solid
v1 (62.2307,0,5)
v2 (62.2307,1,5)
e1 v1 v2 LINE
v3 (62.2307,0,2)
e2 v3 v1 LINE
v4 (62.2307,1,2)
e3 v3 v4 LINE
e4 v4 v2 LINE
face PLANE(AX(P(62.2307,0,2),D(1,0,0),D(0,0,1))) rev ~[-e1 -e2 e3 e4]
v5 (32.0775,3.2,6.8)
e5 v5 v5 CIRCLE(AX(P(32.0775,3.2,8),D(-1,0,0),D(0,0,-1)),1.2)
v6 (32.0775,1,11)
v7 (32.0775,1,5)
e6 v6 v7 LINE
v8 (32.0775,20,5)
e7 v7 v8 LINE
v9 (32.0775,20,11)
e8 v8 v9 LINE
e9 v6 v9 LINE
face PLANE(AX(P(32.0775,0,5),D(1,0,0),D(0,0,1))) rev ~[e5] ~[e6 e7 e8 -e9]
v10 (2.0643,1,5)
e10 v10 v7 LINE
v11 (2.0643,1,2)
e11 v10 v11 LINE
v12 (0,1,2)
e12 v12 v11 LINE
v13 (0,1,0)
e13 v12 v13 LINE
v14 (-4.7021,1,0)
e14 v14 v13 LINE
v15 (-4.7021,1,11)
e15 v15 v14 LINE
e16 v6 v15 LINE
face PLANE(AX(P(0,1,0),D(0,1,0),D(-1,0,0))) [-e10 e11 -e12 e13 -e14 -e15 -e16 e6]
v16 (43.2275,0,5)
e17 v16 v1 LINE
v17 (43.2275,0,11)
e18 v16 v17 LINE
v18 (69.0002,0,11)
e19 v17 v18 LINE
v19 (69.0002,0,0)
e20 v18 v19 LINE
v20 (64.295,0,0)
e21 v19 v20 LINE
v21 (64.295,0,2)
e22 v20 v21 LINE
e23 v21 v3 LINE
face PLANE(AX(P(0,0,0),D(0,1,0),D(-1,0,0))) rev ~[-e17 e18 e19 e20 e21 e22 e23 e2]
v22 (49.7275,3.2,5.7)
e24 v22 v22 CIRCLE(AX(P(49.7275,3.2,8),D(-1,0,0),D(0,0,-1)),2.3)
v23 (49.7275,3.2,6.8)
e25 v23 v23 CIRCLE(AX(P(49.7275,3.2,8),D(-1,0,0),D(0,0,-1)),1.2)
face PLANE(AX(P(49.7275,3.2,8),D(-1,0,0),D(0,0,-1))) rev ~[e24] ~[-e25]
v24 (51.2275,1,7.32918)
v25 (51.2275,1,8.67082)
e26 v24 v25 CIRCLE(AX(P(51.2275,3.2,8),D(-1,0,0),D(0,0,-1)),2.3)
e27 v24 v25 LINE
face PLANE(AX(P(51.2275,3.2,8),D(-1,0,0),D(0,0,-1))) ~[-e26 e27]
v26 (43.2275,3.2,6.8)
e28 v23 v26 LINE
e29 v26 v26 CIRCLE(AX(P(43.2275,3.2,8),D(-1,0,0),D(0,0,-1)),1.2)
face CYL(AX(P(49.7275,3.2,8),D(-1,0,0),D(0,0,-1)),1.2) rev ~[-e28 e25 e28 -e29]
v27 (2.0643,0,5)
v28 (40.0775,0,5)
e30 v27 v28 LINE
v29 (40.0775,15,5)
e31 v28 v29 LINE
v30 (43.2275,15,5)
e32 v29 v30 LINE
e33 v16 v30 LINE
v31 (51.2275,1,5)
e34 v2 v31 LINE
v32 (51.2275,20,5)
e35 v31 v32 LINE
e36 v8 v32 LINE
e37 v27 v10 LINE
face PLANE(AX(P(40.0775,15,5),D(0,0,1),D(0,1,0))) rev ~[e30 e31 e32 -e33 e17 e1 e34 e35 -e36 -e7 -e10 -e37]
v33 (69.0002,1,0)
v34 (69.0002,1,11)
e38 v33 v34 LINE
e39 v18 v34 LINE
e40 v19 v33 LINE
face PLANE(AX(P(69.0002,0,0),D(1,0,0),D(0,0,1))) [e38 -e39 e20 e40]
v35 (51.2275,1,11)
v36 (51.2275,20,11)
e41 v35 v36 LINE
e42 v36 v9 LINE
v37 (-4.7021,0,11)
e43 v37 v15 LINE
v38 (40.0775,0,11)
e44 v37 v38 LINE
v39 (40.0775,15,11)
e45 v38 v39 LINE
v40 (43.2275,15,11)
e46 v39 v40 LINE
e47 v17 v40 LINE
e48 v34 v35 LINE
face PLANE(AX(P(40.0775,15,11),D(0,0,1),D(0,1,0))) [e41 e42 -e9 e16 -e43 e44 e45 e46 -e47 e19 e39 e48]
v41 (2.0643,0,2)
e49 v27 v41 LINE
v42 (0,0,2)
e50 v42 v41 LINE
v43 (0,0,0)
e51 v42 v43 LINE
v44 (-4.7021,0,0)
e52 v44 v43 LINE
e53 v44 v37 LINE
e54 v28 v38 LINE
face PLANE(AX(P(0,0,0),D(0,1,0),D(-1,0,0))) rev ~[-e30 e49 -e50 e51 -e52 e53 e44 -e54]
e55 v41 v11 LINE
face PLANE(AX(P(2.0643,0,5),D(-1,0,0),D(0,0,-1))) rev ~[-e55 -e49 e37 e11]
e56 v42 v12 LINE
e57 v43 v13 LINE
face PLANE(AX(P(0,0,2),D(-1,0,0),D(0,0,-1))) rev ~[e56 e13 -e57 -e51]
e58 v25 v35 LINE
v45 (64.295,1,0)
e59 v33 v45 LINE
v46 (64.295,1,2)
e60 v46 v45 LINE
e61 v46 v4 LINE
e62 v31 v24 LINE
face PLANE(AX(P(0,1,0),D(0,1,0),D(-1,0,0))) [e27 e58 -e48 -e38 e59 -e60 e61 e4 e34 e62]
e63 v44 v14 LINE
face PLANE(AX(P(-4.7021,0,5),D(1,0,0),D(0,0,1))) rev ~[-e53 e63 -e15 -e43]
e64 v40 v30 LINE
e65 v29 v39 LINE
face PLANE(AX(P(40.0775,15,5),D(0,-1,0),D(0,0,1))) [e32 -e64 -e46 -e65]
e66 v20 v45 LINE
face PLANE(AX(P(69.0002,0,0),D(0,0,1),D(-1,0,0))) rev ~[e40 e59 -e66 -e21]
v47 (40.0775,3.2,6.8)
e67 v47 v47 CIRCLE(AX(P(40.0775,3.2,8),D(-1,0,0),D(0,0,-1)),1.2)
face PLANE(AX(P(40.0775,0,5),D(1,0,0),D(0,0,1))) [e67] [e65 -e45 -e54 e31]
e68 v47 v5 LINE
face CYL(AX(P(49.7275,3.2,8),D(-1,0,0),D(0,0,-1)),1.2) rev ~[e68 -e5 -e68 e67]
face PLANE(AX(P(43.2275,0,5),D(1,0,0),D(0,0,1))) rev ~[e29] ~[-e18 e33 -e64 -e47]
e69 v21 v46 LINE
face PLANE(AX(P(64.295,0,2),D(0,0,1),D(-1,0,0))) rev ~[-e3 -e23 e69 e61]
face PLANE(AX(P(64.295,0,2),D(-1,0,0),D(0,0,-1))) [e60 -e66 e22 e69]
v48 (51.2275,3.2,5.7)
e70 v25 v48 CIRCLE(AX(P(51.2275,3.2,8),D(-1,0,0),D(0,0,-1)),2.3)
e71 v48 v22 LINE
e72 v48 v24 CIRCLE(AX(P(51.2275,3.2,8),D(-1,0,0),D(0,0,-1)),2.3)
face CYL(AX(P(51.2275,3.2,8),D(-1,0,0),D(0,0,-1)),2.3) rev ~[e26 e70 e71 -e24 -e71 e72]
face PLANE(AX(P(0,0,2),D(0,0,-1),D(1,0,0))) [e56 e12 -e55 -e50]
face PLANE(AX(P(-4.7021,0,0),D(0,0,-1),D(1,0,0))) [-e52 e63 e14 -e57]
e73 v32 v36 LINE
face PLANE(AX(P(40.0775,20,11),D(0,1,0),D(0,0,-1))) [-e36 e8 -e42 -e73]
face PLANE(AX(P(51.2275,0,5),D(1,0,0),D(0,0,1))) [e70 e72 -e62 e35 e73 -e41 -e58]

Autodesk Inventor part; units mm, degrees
ref_plane "YZ Plane" through (0, 0, 0) normal (1, 0, 0) x (0, 1, 0)
ref_plane "XZ Plane" through (0, 0, 0) normal (0, 1, 0) x (-1, 0, 0)
ref_plane "XY Plane" through (0, 0, 0) normal (0, 0, 1) x (1, 0, 0)
sketch "Sketch1" plane through (0, 0, 0) normal (0, 1, 0) x (-1, 0, 0)
  line L0 (-62.1475, 5) -> (-62.1475, 11)
  line L1 (-62.1475, 11) -> (-2.0643, 11)
  line L2 (-2.0643, 5) -> (-2.0643, 11)
  line L3 (-2.0643, 11) -> (-62.1475, 11)
  line L4 (-2.0643, 5) -> (-62.1475, 5)
  line L5 (-4.3424, 5) -> (-59.9525, 5)
  line L6 (-62.1475, 11) -> (-2.0643, 11)
  line L7 (-43.2275, 5) -> (-43.2275, 11)
  line L8 (-40.0775, 5) -> (-40.0775, 11)
  line L9 (-62.2307, 5) -> (-2.0643, 5)
  line L10 (-32.0775, 5) -> (-32.0775, 11)
  line L11 (-51.2275, 5) -> (-51.2275, 11)
  point P0 (0, 0)
  dimension "d0" = 18.92
  dimension "d1" = 3.15
  dimension "d2" = 8
  dimension "d3" = 8
extrude "Extrusion1" add sketch "Sketch1" along normal blind 20 contours L1 L7 L4 L11 | L1 L10 L4 L8
sketch "Sketch2" plane through (0, 0, 0) normal (0, 1, 0) x (-1, 0, 0)
  line L0 (4.7021, 0) -> (4.7021, 5)
  line L1 (4.7021, 0) -> (4.7021, 11)
  line L2 (-32.0775, 11) -> (4.7021, 11)
  line L3 (4.7021, 11) -> (-32.0775, 11)
  line L4 (-32.0775, 11) -> (-32.0775, 5)
  line L5 (-4.3424, 5) -> (-2.0643, 5)
  line L6 (-32.0775, 5) -> (-2.0643, 5)
  line L7 (-2.0643, 5) -> (-2.0643, 2)
  line L8 (0, 2) -> (-2.0643, 2)
  line L9 (-2.0643, 2) -> (0, 2)
  line L10 (0, 2) -> (0, 0)
  line L11 (4.7021, 0) -> (0, 0)
  line L12 (0, 0) -> (4.7021, 0)
  line L13 (-51.2275, 5) -> (-51.2275, 11)
  line L14 (-51.2275, 5) -> (-51.2275, 11)
  line L15 (-69.0002, 11) -> (-51.2275, 11)
  line L16 (-51.2275, 11) -> (-69.0002, 11)
  line L17 (-69.0002, 0) -> (-69.0002, 5)
  line L18 (-69.0002, 11) -> (-69.0002, 0)
  line L19 (4.7021, 0) -> (0, 0)
  line L20 (-69.0002, 0) -> (-64.295, 0)
  line L21 (-64.295, 0) -> (-64.295, 1.7012)
  line L22 (0, 2) -> (-2.0643, 2)
  line L23 (-2.0643, 2) -> (-2.0643, 5)
  line L24 (-62.2307, 2) -> (-62.2307, 5)
  line L25 (-62.2307, 5) -> (-51.2275, 5)
  line L26 (-64.295, 2) -> (-62.2307, 2)
  line L27 (-64.295, 2) -> (-64.295, 1.7012)
  point P0 (-68.997, 0)
extrude "Extrusion2" add sketch "Sketch2" along normal blind 1
sketch "Sketch3" plane through (40.0775, 0, 11) normal (1, 0, 0) x (0, 0, -1)
  line L0 (6, 1) -> (6, 20) projected
  line L1 (6, 20) -> (6, 15)
  line L2 (6, 15) -> (0, 15)
  line L3 (0, 1) -> (0, 20) projected
  line L4 (0, 20) -> (6, 20)
  point P0 (11, 0)
  dimension "d8" = 5
extrude "Extrusion3" add sketch "Sketch3" along normal blind 5.5
sketch "Sketch4" plane through (51.2275, 20, 11) normal (1, 0, 0) x (0, 0, -1)
  line L0 (6, -19) -> (6, 0) projected
  line L1 (0, -19) -> (0, 0) projected
  circle A0 centre (3, -16.8) radius 0.9682
  line L2 (0, -19) -> (11, -19) projected
  point P0 (11, -20)
  dimension "d11" = 6
  dimension "d12" = 3
  dimension "d13" = 2.2
hole "Hole1" at (51.2275, 3.2, 8) direction (-1, 0, 0) diameter 2.4 depth 24 tip angle 118 counterbore diameter 4.6 counterbore depth 1.5
properties part number "screw_supp"
